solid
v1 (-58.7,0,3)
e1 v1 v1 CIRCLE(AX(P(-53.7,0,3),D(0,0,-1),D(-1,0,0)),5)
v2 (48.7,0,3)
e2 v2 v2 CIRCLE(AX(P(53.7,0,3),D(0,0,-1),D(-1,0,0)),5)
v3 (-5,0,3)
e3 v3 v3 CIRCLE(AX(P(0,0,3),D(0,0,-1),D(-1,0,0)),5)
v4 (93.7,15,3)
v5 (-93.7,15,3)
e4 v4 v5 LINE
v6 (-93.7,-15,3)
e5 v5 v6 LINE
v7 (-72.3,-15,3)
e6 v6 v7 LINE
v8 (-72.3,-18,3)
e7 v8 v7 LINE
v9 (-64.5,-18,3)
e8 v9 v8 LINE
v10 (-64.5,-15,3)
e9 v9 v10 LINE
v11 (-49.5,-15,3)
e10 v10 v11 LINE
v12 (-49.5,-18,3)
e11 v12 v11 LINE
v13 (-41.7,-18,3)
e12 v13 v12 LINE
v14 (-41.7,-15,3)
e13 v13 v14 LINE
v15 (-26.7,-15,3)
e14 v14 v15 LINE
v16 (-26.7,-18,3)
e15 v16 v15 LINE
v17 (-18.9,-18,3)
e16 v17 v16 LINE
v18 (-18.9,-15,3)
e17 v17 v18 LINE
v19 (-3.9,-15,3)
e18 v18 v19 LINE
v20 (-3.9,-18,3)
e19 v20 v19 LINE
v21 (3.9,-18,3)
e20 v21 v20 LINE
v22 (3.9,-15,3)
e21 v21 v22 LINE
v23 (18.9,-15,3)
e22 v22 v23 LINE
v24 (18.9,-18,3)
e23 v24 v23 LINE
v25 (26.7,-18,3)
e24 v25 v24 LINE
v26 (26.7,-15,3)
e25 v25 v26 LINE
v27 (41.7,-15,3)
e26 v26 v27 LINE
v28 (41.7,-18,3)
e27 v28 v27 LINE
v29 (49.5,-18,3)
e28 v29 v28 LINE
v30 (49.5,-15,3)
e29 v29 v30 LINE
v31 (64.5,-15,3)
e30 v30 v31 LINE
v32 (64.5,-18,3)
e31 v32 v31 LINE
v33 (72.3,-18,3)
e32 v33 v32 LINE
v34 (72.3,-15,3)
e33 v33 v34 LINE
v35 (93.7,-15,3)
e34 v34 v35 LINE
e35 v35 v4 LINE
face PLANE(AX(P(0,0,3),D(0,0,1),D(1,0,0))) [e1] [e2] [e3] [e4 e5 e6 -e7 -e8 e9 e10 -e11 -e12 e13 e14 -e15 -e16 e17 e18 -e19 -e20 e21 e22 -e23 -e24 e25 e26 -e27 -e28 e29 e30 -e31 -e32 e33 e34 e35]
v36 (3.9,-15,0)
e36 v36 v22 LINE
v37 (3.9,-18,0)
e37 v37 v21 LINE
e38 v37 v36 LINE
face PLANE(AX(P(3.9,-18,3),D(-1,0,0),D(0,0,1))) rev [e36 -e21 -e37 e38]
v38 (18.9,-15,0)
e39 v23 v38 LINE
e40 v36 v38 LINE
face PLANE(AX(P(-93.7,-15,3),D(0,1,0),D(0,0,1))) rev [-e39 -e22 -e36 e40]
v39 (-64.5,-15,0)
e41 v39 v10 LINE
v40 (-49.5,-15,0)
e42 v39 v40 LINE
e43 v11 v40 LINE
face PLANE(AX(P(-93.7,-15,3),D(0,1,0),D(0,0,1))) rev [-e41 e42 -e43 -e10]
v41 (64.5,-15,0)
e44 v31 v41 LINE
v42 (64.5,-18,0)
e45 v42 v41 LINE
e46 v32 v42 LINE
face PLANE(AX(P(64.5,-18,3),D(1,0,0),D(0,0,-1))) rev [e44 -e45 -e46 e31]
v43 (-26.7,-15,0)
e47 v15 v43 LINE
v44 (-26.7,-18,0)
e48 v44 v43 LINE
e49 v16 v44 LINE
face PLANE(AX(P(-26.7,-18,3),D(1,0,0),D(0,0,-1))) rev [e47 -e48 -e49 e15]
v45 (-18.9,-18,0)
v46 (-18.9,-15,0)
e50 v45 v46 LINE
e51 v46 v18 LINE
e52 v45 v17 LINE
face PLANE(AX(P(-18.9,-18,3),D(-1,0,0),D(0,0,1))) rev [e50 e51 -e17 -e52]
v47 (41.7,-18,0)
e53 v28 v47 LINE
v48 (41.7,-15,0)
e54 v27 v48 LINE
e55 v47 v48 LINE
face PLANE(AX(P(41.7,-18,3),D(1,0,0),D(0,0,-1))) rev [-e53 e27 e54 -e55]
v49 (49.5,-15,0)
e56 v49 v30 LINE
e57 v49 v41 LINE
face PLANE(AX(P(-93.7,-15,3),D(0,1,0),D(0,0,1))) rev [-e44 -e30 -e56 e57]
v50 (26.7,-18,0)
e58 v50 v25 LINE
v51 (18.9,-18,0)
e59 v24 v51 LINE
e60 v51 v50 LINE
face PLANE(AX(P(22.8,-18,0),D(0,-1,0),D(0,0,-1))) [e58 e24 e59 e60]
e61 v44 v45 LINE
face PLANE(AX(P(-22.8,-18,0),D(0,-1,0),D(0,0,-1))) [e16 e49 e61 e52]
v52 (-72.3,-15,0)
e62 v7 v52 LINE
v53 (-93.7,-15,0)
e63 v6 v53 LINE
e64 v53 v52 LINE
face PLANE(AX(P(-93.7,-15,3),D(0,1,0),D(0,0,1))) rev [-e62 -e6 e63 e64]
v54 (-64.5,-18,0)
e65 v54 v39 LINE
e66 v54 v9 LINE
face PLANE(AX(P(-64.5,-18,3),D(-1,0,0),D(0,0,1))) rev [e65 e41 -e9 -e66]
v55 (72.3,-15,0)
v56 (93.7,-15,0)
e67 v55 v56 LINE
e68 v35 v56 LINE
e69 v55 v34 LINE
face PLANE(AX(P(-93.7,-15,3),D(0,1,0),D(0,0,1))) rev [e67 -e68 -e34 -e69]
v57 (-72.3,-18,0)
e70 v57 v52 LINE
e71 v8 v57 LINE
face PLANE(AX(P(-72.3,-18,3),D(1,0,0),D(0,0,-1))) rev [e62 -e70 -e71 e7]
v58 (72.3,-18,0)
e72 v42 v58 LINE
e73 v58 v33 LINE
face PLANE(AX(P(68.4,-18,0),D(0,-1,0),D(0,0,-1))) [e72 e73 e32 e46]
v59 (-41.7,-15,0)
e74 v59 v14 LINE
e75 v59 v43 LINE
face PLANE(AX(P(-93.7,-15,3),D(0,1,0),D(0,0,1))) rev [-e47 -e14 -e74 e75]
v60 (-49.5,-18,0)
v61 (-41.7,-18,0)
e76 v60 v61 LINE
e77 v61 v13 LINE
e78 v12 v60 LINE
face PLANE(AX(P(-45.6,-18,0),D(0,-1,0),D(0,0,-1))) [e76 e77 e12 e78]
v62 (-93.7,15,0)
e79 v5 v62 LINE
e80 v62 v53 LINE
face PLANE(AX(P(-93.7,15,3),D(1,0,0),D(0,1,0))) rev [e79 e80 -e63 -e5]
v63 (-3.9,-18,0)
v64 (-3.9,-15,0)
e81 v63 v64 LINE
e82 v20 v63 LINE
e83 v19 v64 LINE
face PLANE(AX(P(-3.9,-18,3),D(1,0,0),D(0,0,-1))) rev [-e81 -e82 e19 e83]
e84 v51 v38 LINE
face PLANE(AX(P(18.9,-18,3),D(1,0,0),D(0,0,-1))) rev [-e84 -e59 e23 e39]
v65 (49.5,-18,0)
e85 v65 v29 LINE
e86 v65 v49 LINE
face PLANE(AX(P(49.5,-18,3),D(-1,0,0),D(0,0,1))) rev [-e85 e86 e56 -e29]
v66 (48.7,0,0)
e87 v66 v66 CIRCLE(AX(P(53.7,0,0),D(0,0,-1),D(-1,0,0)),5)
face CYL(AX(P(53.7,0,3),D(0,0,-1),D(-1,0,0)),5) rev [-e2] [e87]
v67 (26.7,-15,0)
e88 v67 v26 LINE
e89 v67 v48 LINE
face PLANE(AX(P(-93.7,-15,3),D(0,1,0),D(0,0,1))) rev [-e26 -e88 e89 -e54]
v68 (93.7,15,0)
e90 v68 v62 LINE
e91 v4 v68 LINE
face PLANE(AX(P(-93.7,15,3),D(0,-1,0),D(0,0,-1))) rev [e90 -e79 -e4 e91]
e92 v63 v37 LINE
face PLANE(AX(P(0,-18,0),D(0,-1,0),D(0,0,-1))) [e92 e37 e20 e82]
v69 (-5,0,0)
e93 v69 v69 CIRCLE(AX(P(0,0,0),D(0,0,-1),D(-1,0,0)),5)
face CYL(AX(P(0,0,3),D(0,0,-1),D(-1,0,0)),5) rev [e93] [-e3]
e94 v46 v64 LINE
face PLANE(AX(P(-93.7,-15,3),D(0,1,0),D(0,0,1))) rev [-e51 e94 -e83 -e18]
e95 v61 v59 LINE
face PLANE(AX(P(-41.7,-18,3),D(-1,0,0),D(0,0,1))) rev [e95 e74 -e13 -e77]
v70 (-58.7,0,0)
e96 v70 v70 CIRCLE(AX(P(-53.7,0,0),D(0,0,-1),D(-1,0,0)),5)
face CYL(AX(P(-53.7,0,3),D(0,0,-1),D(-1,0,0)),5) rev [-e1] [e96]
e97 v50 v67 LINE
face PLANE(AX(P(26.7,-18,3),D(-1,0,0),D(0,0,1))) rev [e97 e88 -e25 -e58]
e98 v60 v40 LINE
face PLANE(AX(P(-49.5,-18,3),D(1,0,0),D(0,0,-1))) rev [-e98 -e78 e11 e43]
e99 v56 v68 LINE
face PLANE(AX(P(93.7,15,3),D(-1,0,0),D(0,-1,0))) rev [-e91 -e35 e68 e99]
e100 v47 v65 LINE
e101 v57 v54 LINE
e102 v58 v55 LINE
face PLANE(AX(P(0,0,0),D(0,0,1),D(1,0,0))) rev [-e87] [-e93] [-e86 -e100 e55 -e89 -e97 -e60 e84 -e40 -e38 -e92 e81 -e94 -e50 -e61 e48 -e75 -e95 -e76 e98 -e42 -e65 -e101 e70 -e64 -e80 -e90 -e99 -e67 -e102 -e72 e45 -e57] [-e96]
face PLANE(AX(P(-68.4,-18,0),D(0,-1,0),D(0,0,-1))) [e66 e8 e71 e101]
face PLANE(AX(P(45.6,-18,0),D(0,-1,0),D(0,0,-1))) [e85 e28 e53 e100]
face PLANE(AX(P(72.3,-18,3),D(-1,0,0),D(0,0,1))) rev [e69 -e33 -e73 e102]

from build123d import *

# Parameters (mm, degrees)
SKETCH1_W           = 187.4
SKETCH1_H           = 30
BOSS_EXTRUDE1_DEPTH = 3
SKETCH2_W           = 7.8
SKETCH2_H           = 3
BOSS_EXTRUDE2_DEPTH = 3
LPATTERN2_COUNT     = 4
LPATTERN2_PITCH     = 22.8
LPATTERN2_COL_COUNT = 4
LPATTERN2_COL_PITCH = 22.8
SKETCH3_R           = 5
CUT_EXTRUDE1_DEPTH  = 96.460410642


with BuildPart() as part:
    # Sketch1 → Boss-Extrude1 (new body)
    with BuildSketch(Plane.XY):
        Rectangle(SKETCH1_W, SKETCH1_H)
    extrude(amount=BOSS_EXTRUDE1_DEPTH)

    # Sketch2 → Boss-Extrude2 (add)
    with BuildSketch(Plane.XZ.offset(15)):
        with Locations((0, 1.5)):
            Rectangle(SKETCH2_W, SKETCH2_H)
    boss_extrude2 = extrude(amount=BOSS_EXTRUDE2_DEPTH)

    # LPattern2: Boss-Extrude2 ×4
    with Locations(*[(i * LPATTERN2_PITCH, 0, 0) for i in range(1, LPATTERN2_COUNT)]):
        add(boss_extrude2)

    # LPattern2 col: Boss-Extrude2 ×4
    with Locations(*[(-i * LPATTERN2_COL_PITCH, 0, 0) for i in range(1, LPATTERN2_COL_COUNT)]):
        add(boss_extrude2)

    # Sketch3 → Cut-Extrude1 (cut, through all)
    with BuildSketch(Plane(origin=(0, 0, 0), x_dir=(-1, 0, 0), z_dir=(0, 0, -1))):
        Circle(SKETCH3_R)
        with Locations((-53.7, 0)):
            Circle(SKETCH3_R)
        with Locations((53.7, 0)):
            Circle(SKETCH3_R)
    extrude(amount=-CUT_EXTRUDE1_DEPTH, mode=Mode.SUBTRACT)


solid = part.part
